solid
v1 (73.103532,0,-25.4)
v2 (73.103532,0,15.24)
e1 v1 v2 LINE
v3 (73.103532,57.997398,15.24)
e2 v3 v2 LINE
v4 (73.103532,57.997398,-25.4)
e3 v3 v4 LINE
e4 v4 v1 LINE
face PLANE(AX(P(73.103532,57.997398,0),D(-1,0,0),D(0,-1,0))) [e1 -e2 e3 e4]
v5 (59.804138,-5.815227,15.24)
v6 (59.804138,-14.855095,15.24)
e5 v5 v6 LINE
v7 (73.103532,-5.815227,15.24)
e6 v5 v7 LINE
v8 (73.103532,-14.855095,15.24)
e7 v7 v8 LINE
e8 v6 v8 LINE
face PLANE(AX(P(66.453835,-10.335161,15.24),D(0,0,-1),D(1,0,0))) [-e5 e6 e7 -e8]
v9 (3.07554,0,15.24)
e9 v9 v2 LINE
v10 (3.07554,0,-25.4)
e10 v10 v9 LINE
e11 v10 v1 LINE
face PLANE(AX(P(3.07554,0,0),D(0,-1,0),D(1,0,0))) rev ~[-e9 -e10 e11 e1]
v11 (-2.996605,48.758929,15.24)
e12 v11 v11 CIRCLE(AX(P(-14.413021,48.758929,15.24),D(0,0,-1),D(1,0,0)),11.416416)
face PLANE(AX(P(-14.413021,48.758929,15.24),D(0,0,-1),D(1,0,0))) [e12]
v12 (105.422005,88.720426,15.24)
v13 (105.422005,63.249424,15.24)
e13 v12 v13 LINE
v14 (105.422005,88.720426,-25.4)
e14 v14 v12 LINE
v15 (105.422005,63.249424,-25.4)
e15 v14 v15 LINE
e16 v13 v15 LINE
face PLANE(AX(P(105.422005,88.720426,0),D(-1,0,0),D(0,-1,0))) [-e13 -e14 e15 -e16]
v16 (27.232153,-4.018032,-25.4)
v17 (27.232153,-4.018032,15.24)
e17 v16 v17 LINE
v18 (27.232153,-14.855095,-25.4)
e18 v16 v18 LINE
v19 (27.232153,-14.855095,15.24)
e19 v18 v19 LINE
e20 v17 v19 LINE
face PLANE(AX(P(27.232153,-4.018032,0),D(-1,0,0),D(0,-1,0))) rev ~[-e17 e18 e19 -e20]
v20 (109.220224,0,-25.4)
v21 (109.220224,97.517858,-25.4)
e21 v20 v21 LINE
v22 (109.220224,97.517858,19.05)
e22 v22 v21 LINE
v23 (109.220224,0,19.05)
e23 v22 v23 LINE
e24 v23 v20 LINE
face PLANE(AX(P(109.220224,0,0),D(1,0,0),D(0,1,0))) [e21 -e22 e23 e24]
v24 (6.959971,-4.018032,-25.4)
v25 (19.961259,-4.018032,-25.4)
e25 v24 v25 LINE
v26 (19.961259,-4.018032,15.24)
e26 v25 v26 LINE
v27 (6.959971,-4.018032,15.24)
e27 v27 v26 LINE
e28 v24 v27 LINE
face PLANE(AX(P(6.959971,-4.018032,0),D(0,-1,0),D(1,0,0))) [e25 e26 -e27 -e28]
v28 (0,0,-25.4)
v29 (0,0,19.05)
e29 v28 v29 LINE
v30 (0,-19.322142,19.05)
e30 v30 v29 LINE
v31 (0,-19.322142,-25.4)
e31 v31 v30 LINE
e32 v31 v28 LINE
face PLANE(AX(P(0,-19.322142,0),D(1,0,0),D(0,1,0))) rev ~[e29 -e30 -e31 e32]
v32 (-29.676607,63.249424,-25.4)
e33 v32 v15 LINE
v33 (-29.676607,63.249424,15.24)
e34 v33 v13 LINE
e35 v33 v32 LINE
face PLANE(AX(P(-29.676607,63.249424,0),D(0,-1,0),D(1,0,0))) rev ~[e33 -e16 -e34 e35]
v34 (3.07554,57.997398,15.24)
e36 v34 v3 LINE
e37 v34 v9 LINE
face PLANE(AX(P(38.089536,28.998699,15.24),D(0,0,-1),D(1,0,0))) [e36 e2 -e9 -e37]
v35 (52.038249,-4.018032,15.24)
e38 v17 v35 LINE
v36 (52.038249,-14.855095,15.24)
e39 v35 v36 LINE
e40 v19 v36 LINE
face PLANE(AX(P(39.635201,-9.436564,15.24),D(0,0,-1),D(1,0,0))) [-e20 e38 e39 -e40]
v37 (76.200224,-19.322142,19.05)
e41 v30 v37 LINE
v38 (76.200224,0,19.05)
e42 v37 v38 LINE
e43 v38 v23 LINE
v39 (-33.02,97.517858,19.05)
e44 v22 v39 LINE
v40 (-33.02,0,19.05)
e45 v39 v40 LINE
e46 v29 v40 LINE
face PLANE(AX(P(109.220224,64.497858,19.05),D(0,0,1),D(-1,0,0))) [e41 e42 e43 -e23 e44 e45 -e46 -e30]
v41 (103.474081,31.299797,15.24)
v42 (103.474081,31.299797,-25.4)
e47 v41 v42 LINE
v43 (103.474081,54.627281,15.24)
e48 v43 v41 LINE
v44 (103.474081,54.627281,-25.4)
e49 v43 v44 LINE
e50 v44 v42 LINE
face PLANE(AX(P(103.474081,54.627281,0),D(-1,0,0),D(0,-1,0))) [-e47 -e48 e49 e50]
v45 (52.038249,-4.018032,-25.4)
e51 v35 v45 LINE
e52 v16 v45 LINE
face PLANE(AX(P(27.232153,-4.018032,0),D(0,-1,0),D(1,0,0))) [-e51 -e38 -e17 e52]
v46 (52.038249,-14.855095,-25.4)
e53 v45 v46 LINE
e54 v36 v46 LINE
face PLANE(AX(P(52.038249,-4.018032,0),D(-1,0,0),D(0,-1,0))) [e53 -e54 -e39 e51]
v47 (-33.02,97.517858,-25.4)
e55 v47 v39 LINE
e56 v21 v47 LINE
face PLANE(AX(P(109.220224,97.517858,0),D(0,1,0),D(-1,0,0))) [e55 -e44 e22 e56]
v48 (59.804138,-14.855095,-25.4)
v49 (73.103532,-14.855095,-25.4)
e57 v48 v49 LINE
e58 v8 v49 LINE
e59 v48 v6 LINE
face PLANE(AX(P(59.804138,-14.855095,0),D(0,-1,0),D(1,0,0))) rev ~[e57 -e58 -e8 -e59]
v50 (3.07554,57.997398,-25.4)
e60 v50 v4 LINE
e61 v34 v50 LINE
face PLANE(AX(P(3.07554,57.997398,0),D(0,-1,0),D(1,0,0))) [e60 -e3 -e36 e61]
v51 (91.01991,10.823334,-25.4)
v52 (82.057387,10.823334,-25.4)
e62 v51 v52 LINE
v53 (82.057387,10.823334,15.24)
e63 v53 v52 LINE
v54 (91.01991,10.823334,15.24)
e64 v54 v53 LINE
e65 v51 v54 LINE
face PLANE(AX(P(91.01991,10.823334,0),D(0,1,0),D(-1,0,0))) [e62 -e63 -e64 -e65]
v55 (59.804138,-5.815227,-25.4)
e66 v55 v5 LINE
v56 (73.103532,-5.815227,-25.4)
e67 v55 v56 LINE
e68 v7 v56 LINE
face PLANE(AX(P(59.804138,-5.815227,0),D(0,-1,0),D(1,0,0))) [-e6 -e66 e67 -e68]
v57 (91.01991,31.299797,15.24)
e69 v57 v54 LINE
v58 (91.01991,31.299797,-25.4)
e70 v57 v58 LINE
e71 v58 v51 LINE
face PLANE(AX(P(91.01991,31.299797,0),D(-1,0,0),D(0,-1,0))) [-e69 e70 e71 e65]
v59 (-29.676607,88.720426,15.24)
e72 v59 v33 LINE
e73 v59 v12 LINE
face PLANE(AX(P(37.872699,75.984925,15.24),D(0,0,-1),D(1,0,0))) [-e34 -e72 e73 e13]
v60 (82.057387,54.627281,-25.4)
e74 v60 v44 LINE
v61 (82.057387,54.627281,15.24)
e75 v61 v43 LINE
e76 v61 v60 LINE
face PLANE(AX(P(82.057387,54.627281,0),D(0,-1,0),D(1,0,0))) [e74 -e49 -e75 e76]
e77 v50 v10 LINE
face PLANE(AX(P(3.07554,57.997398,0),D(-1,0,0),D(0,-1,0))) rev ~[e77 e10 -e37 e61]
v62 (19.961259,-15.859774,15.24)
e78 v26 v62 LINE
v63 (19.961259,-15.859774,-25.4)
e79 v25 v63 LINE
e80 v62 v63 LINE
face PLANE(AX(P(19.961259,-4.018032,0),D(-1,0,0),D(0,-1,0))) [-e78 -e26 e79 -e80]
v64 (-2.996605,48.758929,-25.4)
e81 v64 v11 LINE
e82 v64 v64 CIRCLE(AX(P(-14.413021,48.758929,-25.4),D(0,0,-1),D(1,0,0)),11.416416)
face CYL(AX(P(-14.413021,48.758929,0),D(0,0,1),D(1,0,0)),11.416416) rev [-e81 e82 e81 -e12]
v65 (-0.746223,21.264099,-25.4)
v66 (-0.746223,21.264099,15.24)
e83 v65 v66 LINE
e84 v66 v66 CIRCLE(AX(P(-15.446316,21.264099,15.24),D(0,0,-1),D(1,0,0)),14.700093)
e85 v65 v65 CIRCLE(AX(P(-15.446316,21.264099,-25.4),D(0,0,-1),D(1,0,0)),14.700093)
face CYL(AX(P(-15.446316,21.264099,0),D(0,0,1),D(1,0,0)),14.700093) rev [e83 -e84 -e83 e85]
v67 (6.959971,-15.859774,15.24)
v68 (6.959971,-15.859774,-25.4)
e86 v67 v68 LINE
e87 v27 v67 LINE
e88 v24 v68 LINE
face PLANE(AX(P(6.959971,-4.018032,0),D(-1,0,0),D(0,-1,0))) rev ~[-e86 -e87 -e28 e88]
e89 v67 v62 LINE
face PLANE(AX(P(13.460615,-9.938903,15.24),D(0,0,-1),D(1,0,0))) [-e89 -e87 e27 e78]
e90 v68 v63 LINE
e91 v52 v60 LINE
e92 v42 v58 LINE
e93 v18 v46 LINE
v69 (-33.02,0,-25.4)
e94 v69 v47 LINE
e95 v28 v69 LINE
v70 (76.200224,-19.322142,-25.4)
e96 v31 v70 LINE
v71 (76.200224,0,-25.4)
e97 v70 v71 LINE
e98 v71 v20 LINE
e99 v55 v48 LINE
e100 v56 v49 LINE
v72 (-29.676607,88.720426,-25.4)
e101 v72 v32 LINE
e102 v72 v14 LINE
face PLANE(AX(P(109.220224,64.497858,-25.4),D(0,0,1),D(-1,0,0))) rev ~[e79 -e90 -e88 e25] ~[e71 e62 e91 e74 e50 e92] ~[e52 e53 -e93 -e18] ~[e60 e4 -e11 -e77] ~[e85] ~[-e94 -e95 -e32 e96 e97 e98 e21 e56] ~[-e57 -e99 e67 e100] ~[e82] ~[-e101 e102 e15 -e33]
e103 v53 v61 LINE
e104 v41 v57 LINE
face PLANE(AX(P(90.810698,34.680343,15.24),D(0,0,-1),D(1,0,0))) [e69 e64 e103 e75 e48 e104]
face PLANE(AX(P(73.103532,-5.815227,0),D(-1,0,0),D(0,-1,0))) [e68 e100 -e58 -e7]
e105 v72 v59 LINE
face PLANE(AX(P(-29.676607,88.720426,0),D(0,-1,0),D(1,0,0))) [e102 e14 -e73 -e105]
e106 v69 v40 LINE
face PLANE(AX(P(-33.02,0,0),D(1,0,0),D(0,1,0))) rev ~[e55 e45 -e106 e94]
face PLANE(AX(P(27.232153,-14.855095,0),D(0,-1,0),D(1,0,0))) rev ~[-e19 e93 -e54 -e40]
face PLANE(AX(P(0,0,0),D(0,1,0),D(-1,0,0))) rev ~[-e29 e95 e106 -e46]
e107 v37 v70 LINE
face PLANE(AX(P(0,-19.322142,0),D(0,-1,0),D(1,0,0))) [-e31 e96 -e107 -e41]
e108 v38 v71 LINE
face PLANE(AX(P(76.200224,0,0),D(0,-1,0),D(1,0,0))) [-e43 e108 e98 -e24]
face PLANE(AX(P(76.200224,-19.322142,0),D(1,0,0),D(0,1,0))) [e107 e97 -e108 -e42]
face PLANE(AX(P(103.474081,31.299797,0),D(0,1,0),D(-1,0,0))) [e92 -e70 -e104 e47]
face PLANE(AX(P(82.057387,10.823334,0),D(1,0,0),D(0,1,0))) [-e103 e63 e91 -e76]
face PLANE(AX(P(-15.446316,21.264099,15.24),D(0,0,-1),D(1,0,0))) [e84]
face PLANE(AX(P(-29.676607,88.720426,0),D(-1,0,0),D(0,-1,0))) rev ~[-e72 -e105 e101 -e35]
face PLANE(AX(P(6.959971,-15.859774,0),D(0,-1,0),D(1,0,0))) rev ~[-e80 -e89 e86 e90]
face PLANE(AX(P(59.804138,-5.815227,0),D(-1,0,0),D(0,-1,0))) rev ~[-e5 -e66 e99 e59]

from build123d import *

# Parameters (mm, degrees)
F0_W      = 76.2002236371
F0_H      = 83.8200002909
F1_DEPTH  = 19.05
F2_W      = 70.0279923622
F2_H      = 57.9973980784
F3_DEPTH  = 15.24
F4_W      = 13.0012880329
F4_H      = 11.8417413905
F5_DEPTH  = 15.24
F6_W      = 24.8060952872
F6_H      = 10.8370622396
F7_DEPTH  = 15.24
F8_W      = 13.2993943989
F8_H      = 9.0398679234
F9_DEPTH  = 15.24
F10_W     = 64.4978582859
F10_H     = 19.05
F11_DEPTH = 33.02
F12_W     = 64.4978582859
F12_H     = 19.05
F13_DEPTH = 33.02
F14_W     = 142.2402236371
F14_H     = 19.05
F15_DEPTH = 33.02
F16_W     = 135.098611936
F16_H     = 25.4710018635
F17_DEPTH = 15.24
F18_R     = 14.7000934616
F19_DEPTH = 15.24
F20_R     = 11.4164159858
F21_DEPTH = 15.24
F23_DEPTH = 15.24
F24_DEPTH = 25.4


with BuildPart() as f1:
    # F0 (on Top) → F1 (new body)
    with BuildSketch(Plane.XY):
        with Locations((38.1001118185, 22.5878581405)):
            Rectangle(F0_W, F0_H)
    extrude(amount=F1_DEPTH)

    # F2 (on face) → F3 (cut)
    with BuildSketch(Plane(origin=(0, 0, 0), x_dir=(1, 0, 0), z_dir=(0, 0, -1))):
        with Locations((38.089536014, -28.9986990392)):
            Rectangle(F2_W, F2_H)
    extrude(amount=-F3_DEPTH, mode=Mode.SUBTRACT)

    # F4 (on face) → F5 (cut)
    with BuildSketch(Plane(origin=(0, 0, 0), x_dir=(1, 0, 0), z_dir=(0, 0, -1))):
        with Locations((13.4606149513, 9.9389031529)):
            Rectangle(F4_W, F4_H)
    extrude(amount=-F5_DEPTH, mode=Mode.SUBTRACT)

    # F6 (on face) → F7 (cut)
    with BuildSketch(Plane(origin=(0, 0, 0), x_dir=(1, 0, 0), z_dir=(0, 0, -1))):
        with Locations((39.6352009848, 9.4365635775)):
            Rectangle(F6_W, F6_H)
    extrude(amount=-F7_DEPTH, mode=Mode.SUBTRACT)

    # F8 (on face) → F9 (cut)
    with BuildSketch(Plane(origin=(0, 0, 0), x_dir=(1, 0, 0), z_dir=(0, 0, -1))):
        with Locations((66.4538349956, 10.3351607356)):
            Rectangle(F8_W, F8_H)
    extrude(amount=-F9_DEPTH, mode=Mode.SUBTRACT)

    # F10 (on face) → F11 (join)
    with BuildSketch(Plane.YZ.offset(76.2002236371)):
        with Locations((32.248929143, 9.525)):
            Rectangle(F10_W, F10_H)
    extrude(amount=F11_DEPTH)

    # F12 (on face) → F13 (join)
    with BuildSketch(Plane(origin=(0, 0, 0), x_dir=(0, -1, 0), z_dir=(-1, 0, 0))):
        with Locations((-32.248929143, 9.525)):
            Rectangle(F12_W, F12_H)
    extrude(amount=F13_DEPTH)

    # F14 (on face) → F15 (join)
    with BuildSketch(Plane(origin=(0, 64.4978582859, 0), x_dir=(-1, 0, 0), z_dir=(0, 1, 0))):
        with Locations((-38.1001118185, 9.525)):
            Rectangle(F14_W, F14_H)
    extrude(amount=F15_DEPTH)

    # F16 (on face) → F17 (cut)
    with BuildSketch(Plane(origin=(0, 0, 0), x_dir=(1, 0, 0), z_dir=(0, 0, -1))):
        with Locations((37.8726990893, -75.9849250317)):
            Rectangle(F16_W, F16_H)
    extrude(amount=-F17_DEPTH, mode=Mode.SUBTRACT)

    # F18 (on face) → F19 (cut)
    with BuildSketch(Plane(origin=(0, 0, 0), x_dir=(1, 0, 0), z_dir=(0, 0, -1))):
        with Locations((-15.4463164508, -21.2640985847)):
            Circle(F18_R)
    extrude(amount=-F19_DEPTH, mode=Mode.SUBTRACT)

    # F20 (on face) → F21 (cut)
    with BuildSketch(Plane(origin=(0, 0, 0), x_dir=(1, 0, 0), z_dir=(0, 0, -1))):
        with Locations((-14.4130205736, -48.758929143)):
            Circle(F20_R)
    extrude(amount=-F21_DEPTH, mode=Mode.SUBTRACT)

    # F22 (on face) → F23 (cut)
    with BuildSketch(Plane(origin=(0, 0, 0), x_dir=(1, 0, 0), z_dir=(0, 0, -1))):
        Polygon((91.0199095375, -10.8233336359), (82.0573866367, -10.8233336359), (82.0573866367, -54.6272806823), (103.4740805626, -54.6272806823), (103.4740805626, -31.2997968867), (91.0199095375, -31.2997968867), align=None)
    extrude(amount=-F23_DEPTH, mode=Mode.SUBTRACT)

    # F24 (add): a face of the model
    f24_faces = [f1.faces().sort_by_distance(p)[0] for p in [
        (74.3594665405, -9.6610710025, 0),
    ]]
    extrude(f24_faces, amount=F24_DEPTH)


solid = f1.part
